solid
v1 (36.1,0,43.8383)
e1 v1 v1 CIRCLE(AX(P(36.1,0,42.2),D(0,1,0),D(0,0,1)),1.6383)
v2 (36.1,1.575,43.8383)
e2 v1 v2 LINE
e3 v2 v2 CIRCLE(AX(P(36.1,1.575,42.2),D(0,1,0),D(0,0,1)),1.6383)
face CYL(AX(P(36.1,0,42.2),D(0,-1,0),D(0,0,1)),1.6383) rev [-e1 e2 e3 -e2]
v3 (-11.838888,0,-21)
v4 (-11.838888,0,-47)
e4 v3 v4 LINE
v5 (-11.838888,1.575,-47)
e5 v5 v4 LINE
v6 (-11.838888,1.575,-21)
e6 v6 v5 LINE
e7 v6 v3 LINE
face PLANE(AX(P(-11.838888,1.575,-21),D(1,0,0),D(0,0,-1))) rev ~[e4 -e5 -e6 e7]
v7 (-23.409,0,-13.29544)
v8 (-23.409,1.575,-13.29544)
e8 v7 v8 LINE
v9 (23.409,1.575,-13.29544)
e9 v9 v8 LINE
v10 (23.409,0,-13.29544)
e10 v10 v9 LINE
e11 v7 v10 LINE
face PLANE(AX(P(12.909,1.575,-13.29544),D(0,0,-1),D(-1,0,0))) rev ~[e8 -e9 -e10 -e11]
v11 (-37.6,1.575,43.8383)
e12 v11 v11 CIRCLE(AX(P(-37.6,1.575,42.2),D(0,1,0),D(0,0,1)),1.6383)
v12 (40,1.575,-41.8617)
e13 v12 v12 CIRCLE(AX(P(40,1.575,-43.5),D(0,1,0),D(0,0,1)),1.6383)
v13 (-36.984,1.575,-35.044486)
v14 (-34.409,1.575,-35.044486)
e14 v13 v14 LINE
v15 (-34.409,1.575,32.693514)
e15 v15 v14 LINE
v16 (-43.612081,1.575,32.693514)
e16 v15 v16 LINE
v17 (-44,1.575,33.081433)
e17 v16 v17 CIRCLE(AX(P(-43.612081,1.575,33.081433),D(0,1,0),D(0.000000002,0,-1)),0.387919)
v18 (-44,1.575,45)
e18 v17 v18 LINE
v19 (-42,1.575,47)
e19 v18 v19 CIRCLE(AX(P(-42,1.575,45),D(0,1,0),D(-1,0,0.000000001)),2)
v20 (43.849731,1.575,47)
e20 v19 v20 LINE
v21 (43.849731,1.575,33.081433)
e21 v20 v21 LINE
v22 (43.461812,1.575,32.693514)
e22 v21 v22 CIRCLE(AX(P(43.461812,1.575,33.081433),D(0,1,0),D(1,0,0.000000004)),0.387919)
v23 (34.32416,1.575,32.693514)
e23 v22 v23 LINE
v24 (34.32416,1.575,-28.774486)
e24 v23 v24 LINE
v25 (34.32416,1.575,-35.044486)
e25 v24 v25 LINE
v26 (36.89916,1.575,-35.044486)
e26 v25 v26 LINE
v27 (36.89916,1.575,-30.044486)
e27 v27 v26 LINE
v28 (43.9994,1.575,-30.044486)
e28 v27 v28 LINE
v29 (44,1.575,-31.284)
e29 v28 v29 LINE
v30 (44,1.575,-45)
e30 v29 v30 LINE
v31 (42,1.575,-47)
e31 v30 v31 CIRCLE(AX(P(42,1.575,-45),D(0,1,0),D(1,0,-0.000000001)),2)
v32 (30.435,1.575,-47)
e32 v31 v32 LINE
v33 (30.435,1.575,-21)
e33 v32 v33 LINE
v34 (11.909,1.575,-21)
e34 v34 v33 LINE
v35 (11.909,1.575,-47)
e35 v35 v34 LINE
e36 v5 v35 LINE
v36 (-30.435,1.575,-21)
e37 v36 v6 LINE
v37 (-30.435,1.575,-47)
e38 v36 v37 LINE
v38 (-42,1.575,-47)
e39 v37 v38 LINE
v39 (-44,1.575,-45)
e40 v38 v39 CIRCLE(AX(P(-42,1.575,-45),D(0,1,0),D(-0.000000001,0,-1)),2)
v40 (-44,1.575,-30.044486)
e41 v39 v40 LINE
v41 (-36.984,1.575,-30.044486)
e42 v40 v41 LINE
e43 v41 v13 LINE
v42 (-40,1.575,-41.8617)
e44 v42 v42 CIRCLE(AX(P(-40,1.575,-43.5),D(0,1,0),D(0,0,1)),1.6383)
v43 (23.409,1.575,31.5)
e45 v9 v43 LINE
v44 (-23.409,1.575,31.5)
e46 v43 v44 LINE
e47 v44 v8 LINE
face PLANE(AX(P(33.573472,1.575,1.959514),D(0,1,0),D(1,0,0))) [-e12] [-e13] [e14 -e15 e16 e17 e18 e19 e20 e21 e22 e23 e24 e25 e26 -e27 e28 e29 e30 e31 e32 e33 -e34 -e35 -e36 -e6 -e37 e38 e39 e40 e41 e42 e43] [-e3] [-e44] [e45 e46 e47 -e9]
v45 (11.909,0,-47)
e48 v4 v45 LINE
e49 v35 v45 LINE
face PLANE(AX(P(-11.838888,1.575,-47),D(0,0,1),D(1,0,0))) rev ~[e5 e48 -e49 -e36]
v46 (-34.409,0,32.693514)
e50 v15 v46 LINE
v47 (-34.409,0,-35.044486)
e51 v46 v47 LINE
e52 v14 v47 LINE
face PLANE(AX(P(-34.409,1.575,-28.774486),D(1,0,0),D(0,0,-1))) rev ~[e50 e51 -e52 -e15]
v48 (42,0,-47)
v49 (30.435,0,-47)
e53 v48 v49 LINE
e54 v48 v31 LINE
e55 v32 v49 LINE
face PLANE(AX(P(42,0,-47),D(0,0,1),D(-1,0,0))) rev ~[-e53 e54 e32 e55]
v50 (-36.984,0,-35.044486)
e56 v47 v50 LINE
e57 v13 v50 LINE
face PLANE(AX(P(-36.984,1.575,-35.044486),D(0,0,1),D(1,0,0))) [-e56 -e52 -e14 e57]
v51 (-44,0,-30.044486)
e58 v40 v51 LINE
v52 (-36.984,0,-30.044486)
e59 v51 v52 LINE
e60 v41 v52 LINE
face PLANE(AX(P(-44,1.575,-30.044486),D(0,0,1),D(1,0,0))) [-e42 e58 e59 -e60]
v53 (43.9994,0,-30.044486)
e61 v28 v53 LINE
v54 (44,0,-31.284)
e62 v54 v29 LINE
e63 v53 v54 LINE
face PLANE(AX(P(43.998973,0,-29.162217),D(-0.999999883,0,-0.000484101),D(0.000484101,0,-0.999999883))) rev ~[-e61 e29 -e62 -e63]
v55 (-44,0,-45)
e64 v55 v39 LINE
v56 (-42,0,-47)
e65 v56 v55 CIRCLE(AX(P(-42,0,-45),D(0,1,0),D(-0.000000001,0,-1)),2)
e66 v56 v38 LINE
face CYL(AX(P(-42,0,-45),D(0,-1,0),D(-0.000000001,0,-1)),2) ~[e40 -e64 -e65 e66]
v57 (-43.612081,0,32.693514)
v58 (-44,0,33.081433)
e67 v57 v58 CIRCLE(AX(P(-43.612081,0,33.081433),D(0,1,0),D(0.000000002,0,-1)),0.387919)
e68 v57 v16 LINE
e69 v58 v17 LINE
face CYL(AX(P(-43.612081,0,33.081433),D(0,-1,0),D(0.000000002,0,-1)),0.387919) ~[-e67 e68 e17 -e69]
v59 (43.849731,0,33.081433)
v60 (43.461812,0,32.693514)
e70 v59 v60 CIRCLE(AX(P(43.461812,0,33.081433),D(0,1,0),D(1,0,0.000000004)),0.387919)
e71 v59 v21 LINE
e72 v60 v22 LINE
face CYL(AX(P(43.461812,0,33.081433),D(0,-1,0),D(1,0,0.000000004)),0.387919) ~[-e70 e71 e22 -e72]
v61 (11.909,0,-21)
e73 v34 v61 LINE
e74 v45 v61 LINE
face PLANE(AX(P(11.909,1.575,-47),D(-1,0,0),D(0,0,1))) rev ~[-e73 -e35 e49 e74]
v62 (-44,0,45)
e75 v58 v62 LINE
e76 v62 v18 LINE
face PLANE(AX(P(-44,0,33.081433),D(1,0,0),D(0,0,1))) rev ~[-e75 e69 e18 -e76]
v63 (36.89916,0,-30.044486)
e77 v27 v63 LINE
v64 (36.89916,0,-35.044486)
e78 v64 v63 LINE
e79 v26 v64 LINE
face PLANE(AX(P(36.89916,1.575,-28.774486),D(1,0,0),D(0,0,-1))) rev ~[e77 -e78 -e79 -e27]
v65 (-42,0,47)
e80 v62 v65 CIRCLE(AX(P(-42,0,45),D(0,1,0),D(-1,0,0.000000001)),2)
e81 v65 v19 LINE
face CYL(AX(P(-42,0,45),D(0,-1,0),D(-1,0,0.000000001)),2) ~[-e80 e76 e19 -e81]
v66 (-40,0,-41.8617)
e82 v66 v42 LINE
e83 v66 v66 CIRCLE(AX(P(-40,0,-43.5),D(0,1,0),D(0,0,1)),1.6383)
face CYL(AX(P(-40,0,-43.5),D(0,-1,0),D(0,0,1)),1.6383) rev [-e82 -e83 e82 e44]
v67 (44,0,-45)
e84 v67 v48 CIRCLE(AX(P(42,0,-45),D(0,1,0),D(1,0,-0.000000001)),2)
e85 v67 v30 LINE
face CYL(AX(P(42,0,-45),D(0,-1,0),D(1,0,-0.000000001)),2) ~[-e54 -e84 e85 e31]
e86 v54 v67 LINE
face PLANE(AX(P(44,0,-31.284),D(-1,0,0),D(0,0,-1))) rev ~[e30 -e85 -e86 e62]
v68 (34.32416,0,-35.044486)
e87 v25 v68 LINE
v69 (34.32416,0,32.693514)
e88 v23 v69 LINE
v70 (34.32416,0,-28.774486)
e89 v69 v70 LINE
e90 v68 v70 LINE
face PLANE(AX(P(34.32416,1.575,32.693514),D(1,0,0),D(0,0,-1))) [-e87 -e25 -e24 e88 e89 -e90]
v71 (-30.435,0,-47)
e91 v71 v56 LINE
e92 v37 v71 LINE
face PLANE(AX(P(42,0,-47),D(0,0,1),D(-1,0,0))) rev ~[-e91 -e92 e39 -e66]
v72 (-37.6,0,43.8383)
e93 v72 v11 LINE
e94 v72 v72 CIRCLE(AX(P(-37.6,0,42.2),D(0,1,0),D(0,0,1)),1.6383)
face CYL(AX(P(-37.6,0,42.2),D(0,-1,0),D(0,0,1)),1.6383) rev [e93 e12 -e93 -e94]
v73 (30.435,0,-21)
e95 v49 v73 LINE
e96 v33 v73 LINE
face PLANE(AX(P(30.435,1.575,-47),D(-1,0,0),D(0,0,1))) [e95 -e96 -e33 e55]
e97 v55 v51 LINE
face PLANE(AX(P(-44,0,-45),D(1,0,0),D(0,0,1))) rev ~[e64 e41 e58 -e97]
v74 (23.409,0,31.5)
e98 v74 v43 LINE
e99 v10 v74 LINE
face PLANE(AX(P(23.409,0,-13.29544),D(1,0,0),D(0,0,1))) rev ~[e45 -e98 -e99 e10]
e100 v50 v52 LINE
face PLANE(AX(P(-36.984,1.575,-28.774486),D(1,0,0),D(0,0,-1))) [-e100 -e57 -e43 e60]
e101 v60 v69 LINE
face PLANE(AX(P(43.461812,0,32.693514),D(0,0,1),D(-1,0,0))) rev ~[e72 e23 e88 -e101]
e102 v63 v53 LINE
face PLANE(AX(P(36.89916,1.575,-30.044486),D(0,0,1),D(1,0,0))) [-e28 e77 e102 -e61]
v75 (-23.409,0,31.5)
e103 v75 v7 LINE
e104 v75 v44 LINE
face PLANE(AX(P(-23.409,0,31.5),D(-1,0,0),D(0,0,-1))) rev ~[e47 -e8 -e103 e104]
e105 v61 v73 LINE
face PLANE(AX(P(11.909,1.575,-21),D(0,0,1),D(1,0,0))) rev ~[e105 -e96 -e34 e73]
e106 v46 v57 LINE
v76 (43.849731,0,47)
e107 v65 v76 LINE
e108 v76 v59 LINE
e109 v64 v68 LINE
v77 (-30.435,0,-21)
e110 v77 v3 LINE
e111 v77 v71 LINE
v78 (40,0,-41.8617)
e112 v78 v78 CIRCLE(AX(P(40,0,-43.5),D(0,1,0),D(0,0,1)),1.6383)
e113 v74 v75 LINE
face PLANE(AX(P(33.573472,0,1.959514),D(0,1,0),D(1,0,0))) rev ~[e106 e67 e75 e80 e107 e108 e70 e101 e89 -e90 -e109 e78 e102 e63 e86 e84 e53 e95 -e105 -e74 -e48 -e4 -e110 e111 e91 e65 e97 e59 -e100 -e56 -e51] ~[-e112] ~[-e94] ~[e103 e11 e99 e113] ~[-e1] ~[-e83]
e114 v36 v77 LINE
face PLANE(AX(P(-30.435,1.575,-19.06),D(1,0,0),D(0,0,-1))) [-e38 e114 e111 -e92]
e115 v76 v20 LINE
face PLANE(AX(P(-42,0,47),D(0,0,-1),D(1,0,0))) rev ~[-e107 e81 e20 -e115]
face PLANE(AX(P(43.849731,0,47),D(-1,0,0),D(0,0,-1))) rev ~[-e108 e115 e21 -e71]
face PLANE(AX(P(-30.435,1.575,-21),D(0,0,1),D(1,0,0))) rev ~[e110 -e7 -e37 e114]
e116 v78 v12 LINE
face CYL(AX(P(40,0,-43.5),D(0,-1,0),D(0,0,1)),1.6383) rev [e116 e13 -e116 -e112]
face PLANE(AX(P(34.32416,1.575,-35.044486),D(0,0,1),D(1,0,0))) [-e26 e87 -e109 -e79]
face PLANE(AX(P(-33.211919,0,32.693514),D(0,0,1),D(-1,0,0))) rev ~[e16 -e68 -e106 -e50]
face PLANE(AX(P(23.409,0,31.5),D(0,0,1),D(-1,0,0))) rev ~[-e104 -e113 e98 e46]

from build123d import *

# Parameters (mm, degrees)
SKETCH1_R                        = 1.6383
BOSS_EXTRUDE1_DEPTH              = 1.575
CUT_EXTRUDE1_DEPTH               = 2.54
CUTOUTS_FOR_THRUSTER_HEADS_DEPTH = 1.575
NOTCH_FOR_BPR_TOP_VIEW_W         = 2.575
NOTCH_FOR_BPR_TOP_VIEW_H         = 6.27
CUT_EXTRUDE11_DEPTH              = 10
NOTCH_FOR_BPL_TOP_VIEW_W         = 2.575
NOTCH_FOR_BPL_TOP_VIEW_H         = 6.27
CUT_EXTRUDE12_DEPTH              = 65.400936523
SKETCH22_W                       = 1.501374709
SKETCH22_H                       = 61.468
SKETCH22_W_2                     = 1.585
BOSS_EXTRUDE2_DEPTH              = 1.575
SKETCH23_W                       = 7.1002401
SKETCH23_H                       = 1.27
SKETCH23_W_2                     = 7.016
CUT_EXTRUDE13_DEPTH              = 65.400936523


with BuildPart() as part:
    # Sketch1 → Boss-Extrude1 (new body)
    with BuildSketch(Plane(origin=(0, 0, 0), x_dir=(1, 0, 0), z_dir=(0, 1, 0))):
        with BuildLine():
            Line((-44, 45), (-44, 29.162404323))
            ThreePointArc((-44, 29.162404323), (-43.886381258, 28.888104416), (-43.612081351, 28.774485674))
            Line((-43.612081351, 28.774485674), (-33.211918649, 28.774485674))
            ThreePointArc((-33.211918649, 28.774485674), (-32.937618742, 28.660866933), (-32.824, 28.386567026))
            Line((-32.824, 28.386567026), (-32.824, -32.305595677))
            ThreePointArc((-32.824, -32.305595677), (-32.937618742, -32.579895584), (-33.211918649, -32.693514326))
            Line((-33.211918649, -32.693514326), (-36.100000052, -32.693514326))
            Line((-36.100000052, -32.693514326), (-43.612081299, -32.693514326))
            ThreePointArc((-43.612081299, -32.693514326), (-43.886381206, -32.807133067), (-43.999999948, -33.081432974))
            Line((-43.999999948, -33.081432974), (-43.999999948, -38.977))
            Line((-43.999999948, -38.977), (-43.999999948, -45))
            ThreePointArc((-43.999999948, -45), (-43.41421351, -46.414213562), (-41.999999948, -47))
            Line((-41.999999948, -47), (42.705916546, -47))
            Line((42.705916546, -47), (43.849731117, -47))
            Line((43.849731117, -47), (43.849731117, -38.27))
            Line((43.849731117, -38.27), (43.849731117, -33.081432974))
            ThreePointArc((43.849731117, -33.081432974), (43.736112376, -32.807133067), (43.461812469, -32.693514326))
            Line((43.461812469, -32.693514326), (36.098785193, -32.693514326))
            Line((36.098785193, -32.693514326), (33.824, -32.693514326))
            Line((33.824, -32.693514326), (32.822785141, -32.693514326))
            Line((32.822785141, -32.693514326), (32.822785141, -30.469351623))
            Line((32.822785141, -30.469351623), (32.822785141, 27.774485674))
            ThreePointArc((32.822785141, 27.774485674), (33.11567836, 28.481592456), (33.822785141, 28.774485674))
            Line((33.822785141, 28.774485674), (43.611054239, 28.774485674))
            ThreePointArc((43.611054239, 28.774485674), (43.885287743, 28.88803803), (43.998972842, 29.162216531))
            Line((43.998972842, 29.162216531), (44, 31.284))
            Line((44, 31.284), (44, 45))
            ThreePointArc((44, 45), (43.414213562, 46.414213562), (42, 47))
            Line((42, 47), (-42, 47))
            ThreePointArc((-42, 47), (-43.414213562, 46.414213562), (-44, 45))
        make_face()
        with Locations(Location((40, 43.5, 0), (0, 0, 270))):
            Circle(SKETCH1_R, mode=Mode.SUBTRACT)
        with Locations(Location((-40, 43.5, 0), (0, 0, 270))):
            Circle(SKETCH1_R, mode=Mode.SUBTRACT)
        with Locations(Location((-37.599999948, -42.2, 0), (0, 0, 270))):
            Circle(SKETCH1_R, mode=Mode.SUBTRACT)
        with Locations(Location((36.100000052, -42.2, 0), (0, 0, 270))):
            Circle(SKETCH1_R, mode=Mode.SUBTRACT)
        Polygon((23.409, -31.5), (-23.409, -31.5), (-23.409, 13.29544), (-12.909, 13.29544), (-12.909, 25.99544), (12.909, 25.99544), (12.909, 13.29544), (23.409, 13.29544), align=None, mode=Mode.SUBTRACT)
    extrude(amount=BOSS_EXTRUDE1_DEPTH)

    # Sketch2 → Cut-Extrude1 (cut)
    with BuildSketch(Plane(origin=(0, 1.575, 0), x_dir=(1, 0, 0), z_dir=(0, 1, 0))):
        Polygon((-12.909, 19.06), (-30.435, 19.06), (-30.435, 47), (30.435, 47), (30.435, 19.06), (12.909, 19.06), (12.909, 25.99544), (-12.909, 25.99544), align=None)
    extrude(amount=-CUT_EXTRUDE1_DEPTH, mode=Mode.SUBTRACT)

    # Sketch16 → Cutouts for Thruster Heads (add)
    with BuildSketch(Plane(origin=(0, 1.575, 0), x_dir=(1, 0, 0), z_dir=(0, 1, 0))):
        Polygon((12.909, 19.06), (12.909, 13.29544), (-12.909, 13.29544), (-12.909, 19.06), (-30.435, 19.06), (-30.435, 21), (-11.838888217, 21), (-11.838888217, 47), (11.909, 47), (11.909, 21), (30.435, 21), (30.435, 19.06), align=None)
    extrude(amount=-CUTOUTS_FOR_THRUSTER_HEADS_DEPTH)

    # Notch for BPR (TOP VIEW) → Cut-Extrude11 (cut)
    with BuildSketch(Plane(origin=(0, 1.575, 0), x_dir=(1, 0, 0), z_dir=(0, 1, 0))):
        with Locations((-35.6965, 31.909485674)):
            Rectangle(NOTCH_FOR_BPR_TOP_VIEW_W, NOTCH_FOR_BPR_TOP_VIEW_H)
    extrude(amount=-CUT_EXTRUDE11_DEPTH, mode=Mode.SUBTRACT)

    # Notch for BPL (TOP VIEW) → Cut-Extrude12 (cut, through all)
    with BuildSketch(Plane(origin=(0, 1.575, 0), x_dir=(1, 0, 0), z_dir=(0, 1, 0))):
        with Locations((35.61165985, 31.909485674)):
            Rectangle(NOTCH_FOR_BPL_TOP_VIEW_W, NOTCH_FOR_BPL_TOP_VIEW_H)
    extrude(amount=-CUT_EXTRUDE12_DEPTH, mode=Mode.SUBTRACT)

    # Sketch22 → Boss-Extrude2 (add)
    with BuildSketch(Plane(origin=(0, 1.575, 0), x_dir=(1, 0, 0), z_dir=(0, 1, 0))):
        with Locations((33.573472495, -1.959514326)):
            Rectangle(SKETCH22_W, SKETCH22_H)
        with Locations((-33.6165, -1.959514326)):
            Rectangle(SKETCH22_W_2, SKETCH22_H)
    extrude(amount=-BOSS_EXTRUDE2_DEPTH)

    # Sketch23 → Cut-Extrude13 (cut, through all)
    with BuildSketch(Plane(origin=(0, 1.575, 0), x_dir=(1, 0, 0), z_dir=(0, 1, 0))):
        with Locations((40.4492799, 29.409485674)):
            Rectangle(SKETCH23_W, SKETCH23_H)
        with Locations((-40.492, 29.409485674)):
            Rectangle(SKETCH23_W_2, SKETCH23_H)
    extrude(amount=-CUT_EXTRUDE13_DEPTH, mode=Mode.SUBTRACT)


solid = part.part
